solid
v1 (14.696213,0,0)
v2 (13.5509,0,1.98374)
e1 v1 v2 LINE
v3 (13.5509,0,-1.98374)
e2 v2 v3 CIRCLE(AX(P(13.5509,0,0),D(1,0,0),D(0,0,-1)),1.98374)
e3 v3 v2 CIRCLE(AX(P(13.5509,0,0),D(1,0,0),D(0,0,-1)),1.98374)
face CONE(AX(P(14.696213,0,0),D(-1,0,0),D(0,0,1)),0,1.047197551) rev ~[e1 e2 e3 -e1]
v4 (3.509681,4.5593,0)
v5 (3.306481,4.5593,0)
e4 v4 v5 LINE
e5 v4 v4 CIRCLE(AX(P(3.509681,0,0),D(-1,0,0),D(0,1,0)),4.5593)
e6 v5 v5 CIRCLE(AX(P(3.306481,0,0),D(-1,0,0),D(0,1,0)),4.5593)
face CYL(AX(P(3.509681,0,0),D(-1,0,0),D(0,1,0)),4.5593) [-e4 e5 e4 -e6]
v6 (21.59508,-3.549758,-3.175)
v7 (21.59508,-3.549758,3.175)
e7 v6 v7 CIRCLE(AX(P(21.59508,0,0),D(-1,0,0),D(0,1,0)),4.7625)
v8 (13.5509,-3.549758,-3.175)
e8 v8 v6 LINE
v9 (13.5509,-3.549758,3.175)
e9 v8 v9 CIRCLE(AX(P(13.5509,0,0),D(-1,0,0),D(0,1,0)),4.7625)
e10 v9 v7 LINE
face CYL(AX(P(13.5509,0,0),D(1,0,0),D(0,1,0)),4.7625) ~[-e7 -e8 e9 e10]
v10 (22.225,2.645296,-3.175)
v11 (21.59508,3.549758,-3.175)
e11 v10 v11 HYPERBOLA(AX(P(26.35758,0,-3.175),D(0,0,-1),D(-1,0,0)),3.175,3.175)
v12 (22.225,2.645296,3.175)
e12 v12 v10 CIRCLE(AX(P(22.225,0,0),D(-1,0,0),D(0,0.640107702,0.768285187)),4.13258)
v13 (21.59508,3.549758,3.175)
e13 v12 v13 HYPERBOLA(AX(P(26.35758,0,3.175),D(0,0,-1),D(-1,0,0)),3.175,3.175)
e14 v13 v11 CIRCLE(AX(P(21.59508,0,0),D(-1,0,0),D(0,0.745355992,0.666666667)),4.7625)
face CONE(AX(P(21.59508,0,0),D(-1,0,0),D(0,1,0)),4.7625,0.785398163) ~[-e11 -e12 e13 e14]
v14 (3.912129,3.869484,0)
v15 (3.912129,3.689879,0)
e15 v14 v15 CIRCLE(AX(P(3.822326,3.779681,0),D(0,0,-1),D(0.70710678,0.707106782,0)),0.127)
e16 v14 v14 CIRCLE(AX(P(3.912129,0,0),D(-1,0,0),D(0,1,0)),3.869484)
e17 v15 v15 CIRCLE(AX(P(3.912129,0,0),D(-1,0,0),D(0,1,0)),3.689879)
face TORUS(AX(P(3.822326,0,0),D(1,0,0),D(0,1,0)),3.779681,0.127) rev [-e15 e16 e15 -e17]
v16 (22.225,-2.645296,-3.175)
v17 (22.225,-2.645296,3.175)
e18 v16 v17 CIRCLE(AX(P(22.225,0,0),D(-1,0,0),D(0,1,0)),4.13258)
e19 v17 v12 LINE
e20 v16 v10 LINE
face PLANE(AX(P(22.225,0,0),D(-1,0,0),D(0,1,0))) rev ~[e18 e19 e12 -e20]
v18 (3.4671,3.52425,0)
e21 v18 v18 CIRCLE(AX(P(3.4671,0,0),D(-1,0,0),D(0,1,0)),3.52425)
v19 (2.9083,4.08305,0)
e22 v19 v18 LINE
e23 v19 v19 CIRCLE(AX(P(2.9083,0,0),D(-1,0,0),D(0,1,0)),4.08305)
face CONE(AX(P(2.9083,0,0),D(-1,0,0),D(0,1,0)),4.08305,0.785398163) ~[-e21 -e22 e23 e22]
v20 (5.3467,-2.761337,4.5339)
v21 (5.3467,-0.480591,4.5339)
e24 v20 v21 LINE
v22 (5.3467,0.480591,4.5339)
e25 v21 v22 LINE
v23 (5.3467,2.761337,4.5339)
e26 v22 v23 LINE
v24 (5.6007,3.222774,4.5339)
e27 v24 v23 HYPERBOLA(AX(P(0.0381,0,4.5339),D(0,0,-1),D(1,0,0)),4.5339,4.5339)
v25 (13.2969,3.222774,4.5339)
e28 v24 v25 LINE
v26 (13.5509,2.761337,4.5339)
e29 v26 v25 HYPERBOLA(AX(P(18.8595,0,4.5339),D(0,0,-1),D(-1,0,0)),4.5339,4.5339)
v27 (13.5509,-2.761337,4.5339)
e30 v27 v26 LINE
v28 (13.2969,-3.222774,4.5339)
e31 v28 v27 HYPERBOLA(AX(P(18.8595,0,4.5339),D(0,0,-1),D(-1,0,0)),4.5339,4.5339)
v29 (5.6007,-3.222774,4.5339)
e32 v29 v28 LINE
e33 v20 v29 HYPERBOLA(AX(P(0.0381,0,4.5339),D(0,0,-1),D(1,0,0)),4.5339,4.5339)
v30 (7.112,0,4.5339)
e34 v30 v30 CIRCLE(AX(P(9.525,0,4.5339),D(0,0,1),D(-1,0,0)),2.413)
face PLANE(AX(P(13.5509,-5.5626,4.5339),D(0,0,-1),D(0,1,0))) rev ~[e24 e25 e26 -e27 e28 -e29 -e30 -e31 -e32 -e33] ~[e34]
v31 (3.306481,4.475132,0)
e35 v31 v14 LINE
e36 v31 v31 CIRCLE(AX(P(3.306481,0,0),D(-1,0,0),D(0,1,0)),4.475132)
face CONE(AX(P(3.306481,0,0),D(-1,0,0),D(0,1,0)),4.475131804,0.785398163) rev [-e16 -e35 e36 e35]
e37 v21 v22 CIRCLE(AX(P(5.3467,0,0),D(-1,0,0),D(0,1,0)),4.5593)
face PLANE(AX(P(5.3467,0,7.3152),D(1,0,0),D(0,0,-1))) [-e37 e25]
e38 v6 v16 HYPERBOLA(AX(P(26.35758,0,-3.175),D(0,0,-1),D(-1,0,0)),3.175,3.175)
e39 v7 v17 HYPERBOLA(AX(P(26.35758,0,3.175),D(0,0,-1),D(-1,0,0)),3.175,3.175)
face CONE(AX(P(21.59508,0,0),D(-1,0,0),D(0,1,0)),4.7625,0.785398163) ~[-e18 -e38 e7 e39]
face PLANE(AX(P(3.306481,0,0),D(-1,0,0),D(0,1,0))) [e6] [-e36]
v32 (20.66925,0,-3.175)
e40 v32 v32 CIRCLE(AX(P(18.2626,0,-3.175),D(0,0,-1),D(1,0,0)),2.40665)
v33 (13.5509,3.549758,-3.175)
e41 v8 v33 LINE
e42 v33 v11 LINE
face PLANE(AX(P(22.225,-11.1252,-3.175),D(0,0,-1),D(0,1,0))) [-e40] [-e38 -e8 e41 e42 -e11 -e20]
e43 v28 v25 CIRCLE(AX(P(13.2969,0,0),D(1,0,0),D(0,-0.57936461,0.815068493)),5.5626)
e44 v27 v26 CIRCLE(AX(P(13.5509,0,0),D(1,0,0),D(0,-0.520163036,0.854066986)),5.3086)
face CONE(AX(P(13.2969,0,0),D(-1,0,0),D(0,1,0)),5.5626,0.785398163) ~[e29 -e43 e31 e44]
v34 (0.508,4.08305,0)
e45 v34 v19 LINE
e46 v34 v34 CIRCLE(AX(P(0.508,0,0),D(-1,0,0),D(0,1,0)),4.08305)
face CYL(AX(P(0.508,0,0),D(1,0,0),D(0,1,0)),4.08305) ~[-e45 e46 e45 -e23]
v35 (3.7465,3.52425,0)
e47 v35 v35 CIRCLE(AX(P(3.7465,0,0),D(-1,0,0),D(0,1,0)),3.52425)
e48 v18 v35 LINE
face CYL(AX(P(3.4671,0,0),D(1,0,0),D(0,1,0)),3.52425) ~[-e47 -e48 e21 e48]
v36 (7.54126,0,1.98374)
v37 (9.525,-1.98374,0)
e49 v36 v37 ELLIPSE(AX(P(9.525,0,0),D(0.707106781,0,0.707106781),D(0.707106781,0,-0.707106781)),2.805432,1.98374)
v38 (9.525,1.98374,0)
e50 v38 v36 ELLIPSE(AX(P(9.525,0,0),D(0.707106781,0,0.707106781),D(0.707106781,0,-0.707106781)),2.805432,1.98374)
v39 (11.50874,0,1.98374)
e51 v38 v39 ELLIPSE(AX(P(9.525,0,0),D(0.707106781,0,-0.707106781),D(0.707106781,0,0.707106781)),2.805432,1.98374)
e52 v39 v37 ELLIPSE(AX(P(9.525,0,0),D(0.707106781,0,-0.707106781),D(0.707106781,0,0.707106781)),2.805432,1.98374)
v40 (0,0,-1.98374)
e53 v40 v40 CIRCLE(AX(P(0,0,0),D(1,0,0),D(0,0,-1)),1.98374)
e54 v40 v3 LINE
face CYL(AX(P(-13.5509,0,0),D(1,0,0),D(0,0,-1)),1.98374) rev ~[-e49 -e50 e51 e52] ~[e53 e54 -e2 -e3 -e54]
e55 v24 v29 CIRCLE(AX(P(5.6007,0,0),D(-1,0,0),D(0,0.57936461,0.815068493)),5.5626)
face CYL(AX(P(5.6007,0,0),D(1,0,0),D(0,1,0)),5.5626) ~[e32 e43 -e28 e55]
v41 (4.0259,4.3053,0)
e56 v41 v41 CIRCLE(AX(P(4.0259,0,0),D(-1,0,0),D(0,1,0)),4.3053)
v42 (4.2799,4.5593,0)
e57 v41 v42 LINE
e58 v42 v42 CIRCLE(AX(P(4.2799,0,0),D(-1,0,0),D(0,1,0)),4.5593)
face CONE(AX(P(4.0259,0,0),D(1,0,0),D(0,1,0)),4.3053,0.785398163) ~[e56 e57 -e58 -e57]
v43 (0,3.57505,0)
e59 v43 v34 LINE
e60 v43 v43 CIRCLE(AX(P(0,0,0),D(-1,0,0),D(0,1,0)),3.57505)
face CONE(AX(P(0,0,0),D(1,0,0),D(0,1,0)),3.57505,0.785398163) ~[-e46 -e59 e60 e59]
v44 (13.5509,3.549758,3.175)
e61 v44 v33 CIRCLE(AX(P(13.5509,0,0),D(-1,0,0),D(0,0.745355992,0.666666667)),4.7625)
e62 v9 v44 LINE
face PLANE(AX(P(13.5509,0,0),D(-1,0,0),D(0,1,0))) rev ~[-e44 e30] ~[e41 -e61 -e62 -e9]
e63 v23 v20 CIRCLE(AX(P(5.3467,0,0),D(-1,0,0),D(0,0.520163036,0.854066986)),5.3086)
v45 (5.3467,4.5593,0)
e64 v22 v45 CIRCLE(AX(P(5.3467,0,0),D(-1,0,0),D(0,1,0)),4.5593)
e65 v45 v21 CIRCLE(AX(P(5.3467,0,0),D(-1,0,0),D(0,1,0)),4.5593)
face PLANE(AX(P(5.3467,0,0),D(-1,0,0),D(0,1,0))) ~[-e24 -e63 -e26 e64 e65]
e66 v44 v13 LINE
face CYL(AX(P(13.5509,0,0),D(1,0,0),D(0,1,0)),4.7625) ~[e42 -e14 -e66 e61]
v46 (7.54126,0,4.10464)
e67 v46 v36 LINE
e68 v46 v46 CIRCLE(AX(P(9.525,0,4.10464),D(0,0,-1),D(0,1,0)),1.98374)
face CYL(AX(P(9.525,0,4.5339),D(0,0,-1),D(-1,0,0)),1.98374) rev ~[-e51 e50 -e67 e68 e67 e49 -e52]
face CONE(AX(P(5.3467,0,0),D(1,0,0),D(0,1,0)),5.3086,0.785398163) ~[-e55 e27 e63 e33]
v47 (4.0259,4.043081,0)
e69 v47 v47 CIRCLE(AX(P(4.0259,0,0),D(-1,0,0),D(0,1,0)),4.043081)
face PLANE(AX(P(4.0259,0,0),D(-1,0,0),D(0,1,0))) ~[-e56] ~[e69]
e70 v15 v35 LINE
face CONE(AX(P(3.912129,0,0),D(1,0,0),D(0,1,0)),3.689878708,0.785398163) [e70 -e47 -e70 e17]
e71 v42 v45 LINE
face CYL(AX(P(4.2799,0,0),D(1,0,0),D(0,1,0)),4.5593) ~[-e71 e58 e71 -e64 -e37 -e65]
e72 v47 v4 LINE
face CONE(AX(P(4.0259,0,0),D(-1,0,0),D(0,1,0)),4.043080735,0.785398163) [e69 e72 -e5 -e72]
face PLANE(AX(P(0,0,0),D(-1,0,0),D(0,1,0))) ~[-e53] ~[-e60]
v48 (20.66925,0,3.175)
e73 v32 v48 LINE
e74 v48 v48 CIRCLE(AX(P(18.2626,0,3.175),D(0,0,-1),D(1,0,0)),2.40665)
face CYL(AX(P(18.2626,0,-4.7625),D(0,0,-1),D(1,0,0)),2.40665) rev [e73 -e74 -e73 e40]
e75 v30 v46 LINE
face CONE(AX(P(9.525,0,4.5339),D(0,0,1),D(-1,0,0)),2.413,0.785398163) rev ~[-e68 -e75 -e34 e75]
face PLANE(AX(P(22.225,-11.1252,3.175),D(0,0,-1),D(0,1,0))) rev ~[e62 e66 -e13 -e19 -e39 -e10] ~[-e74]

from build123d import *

# Parameters (mm, degrees)
SKETCH3_W               = 22.2504
SKETCH3_H               = 44.5008
SKETCH3_W_2             = 6.35
SKETCH3_H_2             = 22.2504
CUT_EXTRUDE1_DEPTH      = 8.6741
SKETCH4_W               = 5.5626
SKETCH4_H               = 11.1252
CUT_EXTRUDE2_DEPTH      = 8.2042
HOLE1_D                 = 3.96748
HOLE1_DEPTH             = 13.5509
HOLE1_TIP               = 1.145312823
HOLE2_D                 = 3.96748
HOLE2_DEPTH             = 4.5339
HOLE2_CSINK_D           = 4.826
HOLE2_CSINK_ANGLE       = 90
CUT_EXTRUDE3_DEPTH      = 4.7625
CUT_EXTRUDE3_DEPTH_BACK = 4.7625
SKETCH10_R              = 2.40665


with BuildPart() as part:
    # Sketch1 → Revolve1 (revolve)
    with BuildSketch(Plane.XY):
        Polygon((0, 0), (0, 3.57505), (0.508, 4.08305), (2.9083, 4.08305), (3.4671, 3.52425), (4.0259, 3.52425), (4.0259, 4.3053), (4.2799, 4.5593), (5.3467, 4.5593), (5.3467, 5.3086), (5.6007, 5.5626), (13.2969, 5.5626), (13.5509, 5.3086), (13.5509, 0), align=None)
    revolve(axis=Axis((13.5509, 0, 0), (-1, 0, 0)))

    # Sketch2 → Revolve2 (revolve)
    with BuildSketch(Plane.XY):
        Polygon((13.5509, 0), (13.5509, 4.7625), (21.59508, 4.7625), (22.225, 4.13258), (22.225, 0), align=None)
    revolve(axis=Axis((22.225, 0, 0), (-1, 0, 0)))

    # Sketch3 → Cut-Extrude1 (cut)
    with BuildSketch(Plane(origin=(22.225, 0, 0), x_dir=(0, 0, -1), z_dir=(1, 0, 0))):
        Rectangle(SKETCH3_W, SKETCH3_H)
        Rectangle(SKETCH3_W_2, SKETCH3_H_2, mode=Mode.SUBTRACT)
    extrude(amount=-CUT_EXTRUDE1_DEPTH, mode=Mode.SUBTRACT)

    # Sketch4 → Cut-Extrude2 (cut)
    with BuildSketch(Plane(origin=(13.5509, 0, 0), x_dir=(0, 0, -1), z_dir=(1, 0, 0))):
        with Locations((-7.3152, 0)):
            Rectangle(SKETCH4_W, SKETCH4_H)
    extrude(amount=-CUT_EXTRUDE2_DEPTH, mode=Mode.SUBTRACT)

    # Hole1
    with Locations(Plane.ZY):
        with Locations((0, 0)):
            Hole(HOLE1_D / 2, depth=HOLE1_DEPTH)
            with Locations((0, 0, -(HOLE1_DEPTH + HOLE1_TIP / 2))):  # 120° drill point
                Cone(0, HOLE1_D / 2, HOLE1_TIP, mode=Mode.SUBTRACT)

    # Hole2
    with Locations(Plane.XY.offset(4.5339)):
        with Locations((9.525, 0)):
            CounterSinkHole(HOLE2_D / 2, HOLE2_CSINK_D / 2, depth=HOLE2_DEPTH, counter_sink_angle=HOLE2_CSINK_ANGLE)

    # Sketch9 → Revolve3 (revolve)
    with BuildSketch(Plane.XY):
        with BuildLine():
            Line((3.306480735, 4.475131804), (3.912128708, 3.869483831))
            ThreePointArc((3.912128708, 3.869483831), (3.949326147, 3.779681269), (3.912128708, 3.689878708))
            Line((3.912128708, 3.689878708), (3.7465, 3.52425))
            Line((3.7465, 3.52425), (3.4671, 3.52425))
            Line((3.4671, 3.52425), (3.4671, 3.27025))
            Line((3.4671, 3.27025), (4.0259, 3.27025))
            Line((4.0259, 3.27025), (4.0259, 4.043080735))
            Line((4.0259, 4.043080735), (3.509680735, 4.5593))
            Line((3.509680735, 4.5593), (3.306480735, 4.5593))
            Line((3.306480735, 4.5593), (3.306480735, 4.475131804))
        make_face()
    revolve(axis=Axis((4.0259, 0, 0), (-1, 0, 0)))

    # Sketch10 → Cut-Extrude3 (cut, two sides: drawn at the far end of the back side and taken through both)
    with BuildSketch(Plane.XY.offset(-CUT_EXTRUDE3_DEPTH_BACK)):
        with Locations((18.2626, 0)):
            Circle(SKETCH10_R)
    extrude(amount=CUT_EXTRUDE3_DEPTH + CUT_EXTRUDE3_DEPTH_BACK, mode=Mode.SUBTRACT)


solid = part.part
